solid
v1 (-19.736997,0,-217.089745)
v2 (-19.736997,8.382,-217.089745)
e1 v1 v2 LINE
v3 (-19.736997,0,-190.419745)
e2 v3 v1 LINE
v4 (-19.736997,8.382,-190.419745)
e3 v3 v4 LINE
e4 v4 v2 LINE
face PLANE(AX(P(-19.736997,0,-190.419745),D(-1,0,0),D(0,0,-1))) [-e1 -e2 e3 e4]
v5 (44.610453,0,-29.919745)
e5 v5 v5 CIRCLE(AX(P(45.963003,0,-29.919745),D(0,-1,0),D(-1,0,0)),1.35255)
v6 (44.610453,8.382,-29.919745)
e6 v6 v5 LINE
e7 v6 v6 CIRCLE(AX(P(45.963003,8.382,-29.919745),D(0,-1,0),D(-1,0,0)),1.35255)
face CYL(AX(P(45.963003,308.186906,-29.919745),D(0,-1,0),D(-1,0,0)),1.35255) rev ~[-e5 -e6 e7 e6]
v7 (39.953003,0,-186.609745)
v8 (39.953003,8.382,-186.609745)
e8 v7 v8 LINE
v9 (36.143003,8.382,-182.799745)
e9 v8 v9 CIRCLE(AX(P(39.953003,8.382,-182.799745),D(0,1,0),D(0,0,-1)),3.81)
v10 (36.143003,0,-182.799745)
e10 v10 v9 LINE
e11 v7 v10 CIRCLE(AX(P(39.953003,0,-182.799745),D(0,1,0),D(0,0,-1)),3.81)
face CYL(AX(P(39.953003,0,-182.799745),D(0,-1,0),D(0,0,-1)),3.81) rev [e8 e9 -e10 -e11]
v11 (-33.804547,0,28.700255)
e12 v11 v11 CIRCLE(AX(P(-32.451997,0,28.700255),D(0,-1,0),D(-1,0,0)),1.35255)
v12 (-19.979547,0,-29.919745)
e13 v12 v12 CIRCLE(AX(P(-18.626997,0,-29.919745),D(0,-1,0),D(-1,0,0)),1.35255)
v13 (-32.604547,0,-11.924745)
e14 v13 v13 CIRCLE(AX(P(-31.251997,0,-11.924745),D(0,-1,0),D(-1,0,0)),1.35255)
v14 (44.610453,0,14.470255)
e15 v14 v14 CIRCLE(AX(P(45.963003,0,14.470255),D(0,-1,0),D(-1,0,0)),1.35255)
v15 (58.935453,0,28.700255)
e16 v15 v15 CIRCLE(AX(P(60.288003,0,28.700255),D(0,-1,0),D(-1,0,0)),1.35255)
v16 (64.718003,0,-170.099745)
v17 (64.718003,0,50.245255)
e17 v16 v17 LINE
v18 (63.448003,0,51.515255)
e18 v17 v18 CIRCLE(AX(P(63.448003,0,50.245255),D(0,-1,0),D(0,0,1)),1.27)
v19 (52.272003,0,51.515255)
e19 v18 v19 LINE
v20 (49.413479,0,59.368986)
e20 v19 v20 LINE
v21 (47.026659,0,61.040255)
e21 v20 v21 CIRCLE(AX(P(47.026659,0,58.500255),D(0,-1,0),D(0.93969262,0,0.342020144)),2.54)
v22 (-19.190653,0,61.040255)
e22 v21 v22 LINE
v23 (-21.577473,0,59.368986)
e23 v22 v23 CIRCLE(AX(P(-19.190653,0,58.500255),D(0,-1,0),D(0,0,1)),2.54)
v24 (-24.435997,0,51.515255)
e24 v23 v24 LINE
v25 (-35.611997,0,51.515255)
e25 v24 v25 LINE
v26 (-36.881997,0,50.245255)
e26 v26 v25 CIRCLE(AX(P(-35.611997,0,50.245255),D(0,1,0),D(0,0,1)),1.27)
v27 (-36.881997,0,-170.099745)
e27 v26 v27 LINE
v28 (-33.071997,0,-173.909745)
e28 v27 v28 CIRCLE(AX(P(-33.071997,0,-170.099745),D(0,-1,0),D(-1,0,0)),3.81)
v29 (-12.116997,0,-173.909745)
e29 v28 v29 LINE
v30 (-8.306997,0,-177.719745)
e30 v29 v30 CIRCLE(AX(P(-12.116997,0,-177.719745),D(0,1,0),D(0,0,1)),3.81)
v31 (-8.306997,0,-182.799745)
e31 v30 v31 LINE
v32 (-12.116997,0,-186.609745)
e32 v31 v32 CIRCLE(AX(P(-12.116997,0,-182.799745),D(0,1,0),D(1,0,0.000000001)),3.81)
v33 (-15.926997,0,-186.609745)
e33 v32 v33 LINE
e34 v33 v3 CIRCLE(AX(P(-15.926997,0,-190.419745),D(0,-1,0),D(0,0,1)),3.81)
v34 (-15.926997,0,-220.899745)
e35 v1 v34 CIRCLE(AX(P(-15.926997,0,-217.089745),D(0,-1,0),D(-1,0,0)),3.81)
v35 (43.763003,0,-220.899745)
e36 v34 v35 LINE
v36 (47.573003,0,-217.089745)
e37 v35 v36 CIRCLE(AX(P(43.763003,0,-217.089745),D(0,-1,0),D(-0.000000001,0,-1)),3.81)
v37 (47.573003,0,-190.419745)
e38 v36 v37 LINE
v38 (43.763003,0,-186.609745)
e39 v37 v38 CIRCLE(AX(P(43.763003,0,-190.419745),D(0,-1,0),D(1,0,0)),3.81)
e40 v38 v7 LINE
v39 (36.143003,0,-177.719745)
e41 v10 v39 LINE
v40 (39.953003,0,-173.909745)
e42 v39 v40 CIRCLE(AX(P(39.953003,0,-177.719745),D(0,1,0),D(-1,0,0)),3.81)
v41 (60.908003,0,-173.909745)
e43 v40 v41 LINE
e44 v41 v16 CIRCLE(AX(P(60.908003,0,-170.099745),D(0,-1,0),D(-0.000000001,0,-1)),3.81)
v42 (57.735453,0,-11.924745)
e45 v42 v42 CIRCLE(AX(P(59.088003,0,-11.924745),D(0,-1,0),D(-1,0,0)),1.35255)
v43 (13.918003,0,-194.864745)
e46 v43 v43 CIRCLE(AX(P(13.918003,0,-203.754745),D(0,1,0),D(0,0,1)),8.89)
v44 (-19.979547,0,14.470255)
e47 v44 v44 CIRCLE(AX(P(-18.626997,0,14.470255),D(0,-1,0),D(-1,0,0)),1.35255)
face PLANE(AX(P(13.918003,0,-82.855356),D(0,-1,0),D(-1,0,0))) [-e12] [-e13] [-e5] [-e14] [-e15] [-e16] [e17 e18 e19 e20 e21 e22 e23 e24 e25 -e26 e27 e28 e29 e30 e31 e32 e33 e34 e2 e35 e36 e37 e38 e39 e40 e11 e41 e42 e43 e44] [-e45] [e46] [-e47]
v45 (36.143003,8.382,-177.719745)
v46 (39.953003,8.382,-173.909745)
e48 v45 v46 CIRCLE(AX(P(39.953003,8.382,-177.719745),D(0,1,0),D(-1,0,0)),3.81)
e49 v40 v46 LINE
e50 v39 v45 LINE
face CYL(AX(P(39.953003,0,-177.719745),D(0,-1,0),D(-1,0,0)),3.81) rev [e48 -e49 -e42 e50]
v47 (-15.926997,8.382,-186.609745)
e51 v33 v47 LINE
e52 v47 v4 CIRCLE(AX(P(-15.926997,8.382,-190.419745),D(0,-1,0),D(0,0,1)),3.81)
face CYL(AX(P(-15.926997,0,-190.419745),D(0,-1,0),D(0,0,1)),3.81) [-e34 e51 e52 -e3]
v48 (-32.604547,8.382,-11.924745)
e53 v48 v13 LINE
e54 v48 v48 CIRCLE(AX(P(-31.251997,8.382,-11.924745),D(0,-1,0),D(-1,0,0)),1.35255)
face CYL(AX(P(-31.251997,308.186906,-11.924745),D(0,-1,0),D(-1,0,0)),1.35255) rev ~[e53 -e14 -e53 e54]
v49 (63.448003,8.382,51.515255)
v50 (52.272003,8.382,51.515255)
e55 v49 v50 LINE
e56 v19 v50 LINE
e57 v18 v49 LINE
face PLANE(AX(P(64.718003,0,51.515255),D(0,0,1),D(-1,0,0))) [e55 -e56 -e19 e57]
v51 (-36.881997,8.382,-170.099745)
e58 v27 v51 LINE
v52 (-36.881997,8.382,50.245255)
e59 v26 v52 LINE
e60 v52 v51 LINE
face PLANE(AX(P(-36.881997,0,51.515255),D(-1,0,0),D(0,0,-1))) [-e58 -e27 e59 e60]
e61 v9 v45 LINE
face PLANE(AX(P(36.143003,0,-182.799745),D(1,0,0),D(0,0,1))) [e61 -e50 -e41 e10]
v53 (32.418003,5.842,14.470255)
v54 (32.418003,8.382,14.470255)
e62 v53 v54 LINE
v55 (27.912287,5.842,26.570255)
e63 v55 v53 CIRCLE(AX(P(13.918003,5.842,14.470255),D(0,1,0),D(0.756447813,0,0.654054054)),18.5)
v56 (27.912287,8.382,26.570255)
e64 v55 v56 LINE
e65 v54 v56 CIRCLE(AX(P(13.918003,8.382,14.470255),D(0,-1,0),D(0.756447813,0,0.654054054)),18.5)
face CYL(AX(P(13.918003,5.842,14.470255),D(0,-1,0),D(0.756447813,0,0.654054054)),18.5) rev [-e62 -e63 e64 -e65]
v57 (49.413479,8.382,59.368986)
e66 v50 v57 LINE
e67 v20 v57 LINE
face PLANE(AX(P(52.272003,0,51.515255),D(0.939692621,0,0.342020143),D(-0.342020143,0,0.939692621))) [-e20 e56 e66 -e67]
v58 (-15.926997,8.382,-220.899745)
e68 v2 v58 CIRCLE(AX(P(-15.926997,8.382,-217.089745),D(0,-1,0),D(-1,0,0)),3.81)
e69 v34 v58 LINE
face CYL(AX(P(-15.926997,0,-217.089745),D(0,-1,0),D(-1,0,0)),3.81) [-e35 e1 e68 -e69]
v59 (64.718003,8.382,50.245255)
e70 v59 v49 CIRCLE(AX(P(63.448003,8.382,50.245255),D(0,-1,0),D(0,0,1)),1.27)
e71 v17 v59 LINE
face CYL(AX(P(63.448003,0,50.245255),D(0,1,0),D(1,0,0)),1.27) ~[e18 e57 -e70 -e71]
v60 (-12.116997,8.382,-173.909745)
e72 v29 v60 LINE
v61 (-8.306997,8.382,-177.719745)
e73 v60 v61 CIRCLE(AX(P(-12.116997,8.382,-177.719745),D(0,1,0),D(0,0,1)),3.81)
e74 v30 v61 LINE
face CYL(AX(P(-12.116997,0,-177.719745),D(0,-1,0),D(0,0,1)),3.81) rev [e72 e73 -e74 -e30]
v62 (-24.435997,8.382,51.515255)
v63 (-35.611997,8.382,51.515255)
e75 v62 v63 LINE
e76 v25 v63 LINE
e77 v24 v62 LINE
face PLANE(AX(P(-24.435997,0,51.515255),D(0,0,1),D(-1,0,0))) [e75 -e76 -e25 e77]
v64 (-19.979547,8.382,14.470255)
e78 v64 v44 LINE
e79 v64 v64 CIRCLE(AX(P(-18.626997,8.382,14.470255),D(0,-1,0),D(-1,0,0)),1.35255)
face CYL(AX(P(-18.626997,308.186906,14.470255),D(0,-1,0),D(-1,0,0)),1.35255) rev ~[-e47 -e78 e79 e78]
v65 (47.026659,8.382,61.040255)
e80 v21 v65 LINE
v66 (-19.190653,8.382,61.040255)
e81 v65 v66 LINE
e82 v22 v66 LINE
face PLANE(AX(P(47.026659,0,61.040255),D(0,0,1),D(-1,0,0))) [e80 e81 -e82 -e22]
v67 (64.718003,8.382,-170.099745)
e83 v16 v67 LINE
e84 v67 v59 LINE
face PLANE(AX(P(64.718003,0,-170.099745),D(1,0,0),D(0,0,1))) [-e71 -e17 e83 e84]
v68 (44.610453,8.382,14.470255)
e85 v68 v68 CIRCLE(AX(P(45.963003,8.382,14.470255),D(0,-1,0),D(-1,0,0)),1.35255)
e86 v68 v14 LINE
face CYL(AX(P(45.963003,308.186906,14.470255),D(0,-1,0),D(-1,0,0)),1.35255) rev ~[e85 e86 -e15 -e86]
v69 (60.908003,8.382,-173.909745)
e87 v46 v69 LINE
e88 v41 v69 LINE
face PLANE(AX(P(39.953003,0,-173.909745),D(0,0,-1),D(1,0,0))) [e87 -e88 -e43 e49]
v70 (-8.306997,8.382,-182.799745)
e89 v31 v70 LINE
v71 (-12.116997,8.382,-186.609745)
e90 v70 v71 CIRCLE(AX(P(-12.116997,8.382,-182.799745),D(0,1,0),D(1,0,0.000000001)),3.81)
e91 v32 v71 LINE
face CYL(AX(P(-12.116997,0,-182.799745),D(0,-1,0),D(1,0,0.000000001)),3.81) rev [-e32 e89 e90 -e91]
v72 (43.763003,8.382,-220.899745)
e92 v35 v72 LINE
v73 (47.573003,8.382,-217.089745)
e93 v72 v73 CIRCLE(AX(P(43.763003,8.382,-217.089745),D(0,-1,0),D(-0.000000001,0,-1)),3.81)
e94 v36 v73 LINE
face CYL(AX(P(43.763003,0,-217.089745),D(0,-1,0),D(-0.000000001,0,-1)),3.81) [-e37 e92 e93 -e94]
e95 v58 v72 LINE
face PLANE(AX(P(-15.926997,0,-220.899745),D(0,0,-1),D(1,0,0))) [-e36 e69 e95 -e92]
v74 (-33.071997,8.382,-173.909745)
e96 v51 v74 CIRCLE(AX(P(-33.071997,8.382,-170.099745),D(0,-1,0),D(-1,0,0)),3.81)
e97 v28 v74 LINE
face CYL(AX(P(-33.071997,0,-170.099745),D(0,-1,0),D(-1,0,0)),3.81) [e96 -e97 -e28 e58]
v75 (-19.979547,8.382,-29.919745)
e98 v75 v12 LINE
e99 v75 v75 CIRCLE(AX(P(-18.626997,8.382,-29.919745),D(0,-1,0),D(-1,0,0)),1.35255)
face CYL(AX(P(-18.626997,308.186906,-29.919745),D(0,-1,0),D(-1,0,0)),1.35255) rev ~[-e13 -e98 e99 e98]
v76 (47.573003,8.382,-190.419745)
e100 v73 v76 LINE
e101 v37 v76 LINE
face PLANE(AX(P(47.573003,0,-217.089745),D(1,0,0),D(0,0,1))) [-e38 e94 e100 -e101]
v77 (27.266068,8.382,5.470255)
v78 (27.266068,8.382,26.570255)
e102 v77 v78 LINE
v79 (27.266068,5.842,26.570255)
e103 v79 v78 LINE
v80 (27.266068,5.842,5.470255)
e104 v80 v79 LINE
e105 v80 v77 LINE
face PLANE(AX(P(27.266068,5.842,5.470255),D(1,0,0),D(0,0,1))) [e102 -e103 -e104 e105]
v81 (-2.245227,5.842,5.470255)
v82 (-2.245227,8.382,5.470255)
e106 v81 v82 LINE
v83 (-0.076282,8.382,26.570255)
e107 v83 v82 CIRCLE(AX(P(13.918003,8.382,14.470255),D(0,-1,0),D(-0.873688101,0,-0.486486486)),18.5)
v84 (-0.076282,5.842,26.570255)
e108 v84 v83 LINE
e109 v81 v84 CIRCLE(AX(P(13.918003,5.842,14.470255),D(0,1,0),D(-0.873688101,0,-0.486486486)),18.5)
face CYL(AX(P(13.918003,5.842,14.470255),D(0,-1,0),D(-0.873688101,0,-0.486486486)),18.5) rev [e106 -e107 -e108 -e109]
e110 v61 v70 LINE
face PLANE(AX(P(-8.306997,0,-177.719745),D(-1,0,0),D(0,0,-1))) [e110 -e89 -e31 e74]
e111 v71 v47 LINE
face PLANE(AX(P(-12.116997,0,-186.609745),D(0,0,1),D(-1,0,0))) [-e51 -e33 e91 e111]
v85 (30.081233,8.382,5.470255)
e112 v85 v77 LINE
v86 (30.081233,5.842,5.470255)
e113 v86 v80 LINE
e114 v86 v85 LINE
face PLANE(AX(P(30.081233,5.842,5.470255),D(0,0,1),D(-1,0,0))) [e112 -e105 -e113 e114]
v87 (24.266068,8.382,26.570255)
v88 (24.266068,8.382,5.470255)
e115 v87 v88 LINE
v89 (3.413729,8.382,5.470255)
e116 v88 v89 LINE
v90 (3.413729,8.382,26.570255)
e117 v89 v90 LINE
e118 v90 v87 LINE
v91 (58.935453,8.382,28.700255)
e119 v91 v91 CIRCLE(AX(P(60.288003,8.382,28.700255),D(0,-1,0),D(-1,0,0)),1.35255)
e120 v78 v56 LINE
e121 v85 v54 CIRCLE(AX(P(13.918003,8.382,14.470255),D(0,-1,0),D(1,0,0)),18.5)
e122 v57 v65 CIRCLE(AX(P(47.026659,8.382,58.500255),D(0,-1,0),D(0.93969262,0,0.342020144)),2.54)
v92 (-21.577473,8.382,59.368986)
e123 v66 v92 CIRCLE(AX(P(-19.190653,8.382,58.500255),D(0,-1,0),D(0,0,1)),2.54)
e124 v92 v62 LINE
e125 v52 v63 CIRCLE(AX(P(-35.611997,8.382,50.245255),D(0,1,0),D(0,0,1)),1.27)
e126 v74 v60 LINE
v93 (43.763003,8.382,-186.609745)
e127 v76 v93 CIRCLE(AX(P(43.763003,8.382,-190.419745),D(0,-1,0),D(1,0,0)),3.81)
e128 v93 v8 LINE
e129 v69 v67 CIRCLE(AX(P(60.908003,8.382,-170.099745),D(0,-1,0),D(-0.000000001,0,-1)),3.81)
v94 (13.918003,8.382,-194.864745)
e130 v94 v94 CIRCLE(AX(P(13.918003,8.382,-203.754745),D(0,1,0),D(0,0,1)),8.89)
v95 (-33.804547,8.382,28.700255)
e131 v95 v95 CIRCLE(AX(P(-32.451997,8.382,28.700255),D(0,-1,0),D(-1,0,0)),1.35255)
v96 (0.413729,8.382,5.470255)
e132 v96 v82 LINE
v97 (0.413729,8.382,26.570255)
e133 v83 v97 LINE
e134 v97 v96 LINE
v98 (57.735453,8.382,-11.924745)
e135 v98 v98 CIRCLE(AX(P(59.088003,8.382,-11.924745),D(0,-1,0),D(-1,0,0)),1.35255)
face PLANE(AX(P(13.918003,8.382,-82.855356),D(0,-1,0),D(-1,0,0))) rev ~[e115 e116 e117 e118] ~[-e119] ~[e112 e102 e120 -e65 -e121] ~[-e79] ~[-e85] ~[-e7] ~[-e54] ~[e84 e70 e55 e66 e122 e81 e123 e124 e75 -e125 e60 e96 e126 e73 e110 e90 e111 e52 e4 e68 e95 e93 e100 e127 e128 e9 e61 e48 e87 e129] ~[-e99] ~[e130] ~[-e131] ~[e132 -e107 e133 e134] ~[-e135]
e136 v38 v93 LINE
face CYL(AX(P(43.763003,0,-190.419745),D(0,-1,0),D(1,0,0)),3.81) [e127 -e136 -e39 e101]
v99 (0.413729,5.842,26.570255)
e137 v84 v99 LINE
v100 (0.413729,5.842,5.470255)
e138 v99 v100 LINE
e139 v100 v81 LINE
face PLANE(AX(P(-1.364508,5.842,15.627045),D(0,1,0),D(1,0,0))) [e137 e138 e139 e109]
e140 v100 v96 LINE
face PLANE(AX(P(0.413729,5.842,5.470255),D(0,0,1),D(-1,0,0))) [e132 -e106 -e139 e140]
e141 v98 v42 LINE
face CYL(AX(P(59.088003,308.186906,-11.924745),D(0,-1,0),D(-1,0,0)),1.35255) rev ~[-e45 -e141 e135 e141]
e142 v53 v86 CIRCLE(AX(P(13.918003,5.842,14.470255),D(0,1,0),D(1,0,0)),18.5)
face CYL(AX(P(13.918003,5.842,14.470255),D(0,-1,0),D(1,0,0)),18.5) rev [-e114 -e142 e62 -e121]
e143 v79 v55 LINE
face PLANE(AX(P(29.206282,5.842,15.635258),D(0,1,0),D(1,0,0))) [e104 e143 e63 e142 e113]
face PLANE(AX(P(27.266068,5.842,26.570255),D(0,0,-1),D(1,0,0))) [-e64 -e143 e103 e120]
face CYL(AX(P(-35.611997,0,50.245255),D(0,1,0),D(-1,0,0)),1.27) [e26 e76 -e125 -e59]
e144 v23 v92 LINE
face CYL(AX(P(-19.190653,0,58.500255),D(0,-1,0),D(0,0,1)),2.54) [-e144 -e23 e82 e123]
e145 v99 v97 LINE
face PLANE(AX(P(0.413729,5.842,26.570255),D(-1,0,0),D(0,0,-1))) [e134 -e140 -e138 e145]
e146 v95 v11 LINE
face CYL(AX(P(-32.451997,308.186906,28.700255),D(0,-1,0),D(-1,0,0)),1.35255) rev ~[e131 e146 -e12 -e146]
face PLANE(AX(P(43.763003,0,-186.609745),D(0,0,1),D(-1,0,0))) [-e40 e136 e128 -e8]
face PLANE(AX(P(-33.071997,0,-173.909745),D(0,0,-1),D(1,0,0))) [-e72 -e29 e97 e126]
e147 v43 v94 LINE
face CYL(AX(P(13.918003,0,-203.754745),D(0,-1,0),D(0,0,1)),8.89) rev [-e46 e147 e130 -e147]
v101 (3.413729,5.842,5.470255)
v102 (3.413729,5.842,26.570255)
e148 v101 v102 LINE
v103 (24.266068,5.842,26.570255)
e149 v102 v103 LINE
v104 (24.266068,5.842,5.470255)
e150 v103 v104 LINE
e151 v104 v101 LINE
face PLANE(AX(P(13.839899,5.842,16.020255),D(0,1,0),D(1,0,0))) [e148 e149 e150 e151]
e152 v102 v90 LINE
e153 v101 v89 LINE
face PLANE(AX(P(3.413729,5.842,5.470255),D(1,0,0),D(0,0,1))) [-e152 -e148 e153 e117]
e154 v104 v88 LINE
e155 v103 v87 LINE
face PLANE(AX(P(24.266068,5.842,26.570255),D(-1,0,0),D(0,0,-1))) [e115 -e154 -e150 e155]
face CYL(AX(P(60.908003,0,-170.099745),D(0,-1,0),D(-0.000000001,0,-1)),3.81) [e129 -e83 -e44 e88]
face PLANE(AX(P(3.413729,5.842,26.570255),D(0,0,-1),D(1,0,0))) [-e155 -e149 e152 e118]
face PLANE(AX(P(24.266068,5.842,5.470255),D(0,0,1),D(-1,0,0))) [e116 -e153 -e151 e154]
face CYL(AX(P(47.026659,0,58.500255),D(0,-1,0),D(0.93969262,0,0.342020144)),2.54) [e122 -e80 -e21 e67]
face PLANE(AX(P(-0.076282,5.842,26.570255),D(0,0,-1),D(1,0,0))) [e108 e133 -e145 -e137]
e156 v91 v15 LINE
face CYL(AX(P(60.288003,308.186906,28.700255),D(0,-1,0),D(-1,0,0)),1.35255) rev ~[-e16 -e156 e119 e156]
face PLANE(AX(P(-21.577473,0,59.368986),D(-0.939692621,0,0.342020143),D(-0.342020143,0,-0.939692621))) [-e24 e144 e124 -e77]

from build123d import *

# Parameters (mm, degrees)
SKETCH1_R                 = 8.89
BOSS_EXTRUDE1_DEPTH       = 8.382
FILLET3_R                 = 1.27
TAP_DRILL_FOR_6_32_TAP2_D = 2.7051
LPATTERN1_COUNT           = 2
LPATTERN1_PITCH           = 44.39
LPATTERN1_COUNT_DIR2      = 2
LPATTERN1_PITCH_DIR2      = 64.59
TAP_DRILL_FOR_6_32_TAP3_D = 2.7051
TAP_DRILL_FOR_6_32_TAP5_D = 2.7051
CUT_EXTRUDE2_DEPTH        = 231.337524251
CUT_EXTRUDE2_DEPTH_BACK   = 2.54


with BuildPart() as part:
    # Sketch1 → Boss-Extrude1 (new body)
    with BuildSketch(Plane(origin=(0, 0, 0), x_dir=(1, 0, 0), z_dir=(0, 1, 0))):
        with BuildLine():
            Line((-15.926997076, 220.899744797), (43.763002924, 220.899744797))
            ThreePointArc((43.763002924, 220.899744797), (46.457079761, 219.783821634), (47.573002924, 217.089744797))
            Line((47.573002924, 217.089744797), (47.573002924, 190.419744797))
            ThreePointArc((47.573002924, 190.419744797), (46.457079761, 187.725667961), (43.763002924, 186.609744797))
            Line((43.763002924, 186.609744797), (39.953002924, 186.609744797))
            ThreePointArc((39.953002924, 186.609744797), (37.258926088, 185.493821634), (36.143002924, 182.799744797))
            Line((36.143002924, 182.799744797), (36.143002924, 177.719744797))
            ThreePointArc((36.143002924, 177.719744797), (37.258926088, 175.025667961), (39.953002924, 173.909744797))
            Line((39.953002924, 173.909744797), (60.908002924, 173.909744797))
            ThreePointArc((60.908002924, 173.909744797), (63.602079761, 172.793821634), (64.718002924, 170.099744797))
            Line((64.718002924, 170.099744797), (64.718002924, -51.515255203))
            Line((64.718002924, -51.515255203), (52.272002924, -51.515255203))
            Line((52.272002924, -51.515255203), (49.413478553, -59.368986367))
            ThreePointArc((49.413478553, -59.368986367), (48.483543444, -60.580901395), (47.026659296, -61.040255203))
            Line((47.026659296, -61.040255203), (-19.190653447, -61.040255203))
            ThreePointArc((-19.190653447, -61.040255203), (-20.647537596, -60.580901395), (-21.577472704, -59.368986367))
            Line((-21.577472704, -59.368986367), (-24.435997076, -51.515255203))
            Line((-24.435997076, -51.515255203), (-36.881997076, -51.515255203))
            Line((-36.881997076, -51.515255203), (-36.881997076, 170.099744797))
            ThreePointArc((-36.881997076, 170.099744797), (-35.766073912, 172.793821634), (-33.071997076, 173.909744797))
            Line((-33.071997076, 173.909744797), (-12.116997076, 173.909744797))
            ThreePointArc((-12.116997076, 173.909744797), (-9.422920239, 175.025667961), (-8.306997076, 177.719744797))
            Line((-8.306997076, 177.719744797), (-8.306997076, 182.799744797))
            ThreePointArc((-8.306997076, 182.799744797), (-9.422920239, 185.493821634), (-12.116997076, 186.609744797))
            Line((-12.116997076, 186.609744797), (-15.926997076, 186.609744797))
            ThreePointArc((-15.926997076, 186.609744797), (-18.621073912, 187.725667961), (-19.736997076, 190.419744797))
            Line((-19.736997076, 190.419744797), (-19.736997076, 217.089744797))
            ThreePointArc((-19.736997076, 217.089744797), (-18.621073912, 219.783821634), (-15.926997076, 220.899744797))
        make_face()
        with Locations(Location((13.918002924, 203.754744797, 0), (0, 0, 270))):
            Circle(SKETCH1_R, mode=Mode.SUBTRACT)
    extrude(amount=BOSS_EXTRUDE1_DEPTH)

    # Fillet3
    fillet3_edges = [part.edges().sort_by_distance(p)[0] for p in [
        (-36.881997076, 4.191, 51.515255203),
        (64.718002924, 4.191, 51.515255203),
    ]]
    fillet(fillet3_edges, radius=FILLET3_R)

    # Tap Drill for #6-32 Tap2 (through all)
    with Locations(Plane(origin=(0, 8.382, 0), x_dir=(1, 0, 0), z_dir=(0, 1, 0))):
        with Locations((-18.626997076, -14.470255203)):
            tap_drill_for_6_32_tap2 = Hole(TAP_DRILL_FOR_6_32_TAP2_D / 2)

    # LPattern1: Tap Drill for _6-32 Tap2 2 × 2
    with Locations(*[(j * LPATTERN1_PITCH_DIR2, 0, -i * LPATTERN1_PITCH) for i in range(LPATTERN1_COUNT) for j in range(LPATTERN1_COUNT_DIR2) if (i, j) != (0, 0)]):
        add(tap_drill_for_6_32_tap2, mode=Mode.SUBTRACT)

    # Tap Drill for #6-32 Tap3 (through all)
    with Locations(Plane(origin=(0, 8.382, 0), x_dir=(1, 0, 0), z_dir=(0, 1, 0))):
        with Locations((-31.251997076, 11.924744797), (59.088002924, 11.924744797)):
            Hole(TAP_DRILL_FOR_6_32_TAP3_D / 2)

    # Tap Drill for #6-32 Tap5 (through all)
    with Locations(Plane(origin=(0, 8.382, 0), x_dir=(1, 0, 0), z_dir=(0, 1, 0))):
        with Locations((-32.451997076, -28.700255203), (60.288002924, -28.700255203)):
            Hole(TAP_DRILL_FOR_6_32_TAP5_D / 2)

    # Sketch2 → Cut-Extrude2 (cut, two sides: drawn at the far end of the back side and taken through both)
    with BuildSketch(Plane(origin=(0, 8.382, 0), x_dir=(1, 0, 0), z_dir=(0, 1, 0)).offset(-CUT_EXTRUDE2_DEPTH_BACK)):
        with BuildLine():
            Line((-0.076281623, -26.570255203), (0.413729291, -26.570255203))
            Line((0.413729291, -26.570255203), (0.413729291, -5.470255203))
            Line((0.413729291, -5.470255203), (-2.245226951, -5.470255203))
            ThreePointArc((-2.245226951, -5.470255203), (-4.485024518, -16.361968965), (-0.076281623, -26.570255203))
        make_face()
        Polygon((3.413729291, -26.570255203), (13.918002924, -26.570255203), (24.266068116, -26.570255203), (24.266068116, -5.470255203), (13.918002924, -5.470255203), (3.413729291, -5.470255203), align=None)
        with BuildLine():
            Line((27.266068116, -5.470255203), (27.266068116, -26.570255203))
            Line((27.266068116, -26.570255203), (27.912287472, -26.570255203))
            ThreePointArc((27.912287472, -26.570255203), (31.255019163, -20.926095035), (32.418002924, -14.470255203))
            ThreePointArc((32.418002924, -14.470255203), (31.824283285, -9.821048426), (30.081232799, -5.470255203))
            Line((30.081232799, -5.470255203), (27.266068116, -5.470255203))
        make_face()
    extrude(amount=CUT_EXTRUDE2_DEPTH + CUT_EXTRUDE2_DEPTH_BACK, mode=Mode.SUBTRACT)


solid = part.part
